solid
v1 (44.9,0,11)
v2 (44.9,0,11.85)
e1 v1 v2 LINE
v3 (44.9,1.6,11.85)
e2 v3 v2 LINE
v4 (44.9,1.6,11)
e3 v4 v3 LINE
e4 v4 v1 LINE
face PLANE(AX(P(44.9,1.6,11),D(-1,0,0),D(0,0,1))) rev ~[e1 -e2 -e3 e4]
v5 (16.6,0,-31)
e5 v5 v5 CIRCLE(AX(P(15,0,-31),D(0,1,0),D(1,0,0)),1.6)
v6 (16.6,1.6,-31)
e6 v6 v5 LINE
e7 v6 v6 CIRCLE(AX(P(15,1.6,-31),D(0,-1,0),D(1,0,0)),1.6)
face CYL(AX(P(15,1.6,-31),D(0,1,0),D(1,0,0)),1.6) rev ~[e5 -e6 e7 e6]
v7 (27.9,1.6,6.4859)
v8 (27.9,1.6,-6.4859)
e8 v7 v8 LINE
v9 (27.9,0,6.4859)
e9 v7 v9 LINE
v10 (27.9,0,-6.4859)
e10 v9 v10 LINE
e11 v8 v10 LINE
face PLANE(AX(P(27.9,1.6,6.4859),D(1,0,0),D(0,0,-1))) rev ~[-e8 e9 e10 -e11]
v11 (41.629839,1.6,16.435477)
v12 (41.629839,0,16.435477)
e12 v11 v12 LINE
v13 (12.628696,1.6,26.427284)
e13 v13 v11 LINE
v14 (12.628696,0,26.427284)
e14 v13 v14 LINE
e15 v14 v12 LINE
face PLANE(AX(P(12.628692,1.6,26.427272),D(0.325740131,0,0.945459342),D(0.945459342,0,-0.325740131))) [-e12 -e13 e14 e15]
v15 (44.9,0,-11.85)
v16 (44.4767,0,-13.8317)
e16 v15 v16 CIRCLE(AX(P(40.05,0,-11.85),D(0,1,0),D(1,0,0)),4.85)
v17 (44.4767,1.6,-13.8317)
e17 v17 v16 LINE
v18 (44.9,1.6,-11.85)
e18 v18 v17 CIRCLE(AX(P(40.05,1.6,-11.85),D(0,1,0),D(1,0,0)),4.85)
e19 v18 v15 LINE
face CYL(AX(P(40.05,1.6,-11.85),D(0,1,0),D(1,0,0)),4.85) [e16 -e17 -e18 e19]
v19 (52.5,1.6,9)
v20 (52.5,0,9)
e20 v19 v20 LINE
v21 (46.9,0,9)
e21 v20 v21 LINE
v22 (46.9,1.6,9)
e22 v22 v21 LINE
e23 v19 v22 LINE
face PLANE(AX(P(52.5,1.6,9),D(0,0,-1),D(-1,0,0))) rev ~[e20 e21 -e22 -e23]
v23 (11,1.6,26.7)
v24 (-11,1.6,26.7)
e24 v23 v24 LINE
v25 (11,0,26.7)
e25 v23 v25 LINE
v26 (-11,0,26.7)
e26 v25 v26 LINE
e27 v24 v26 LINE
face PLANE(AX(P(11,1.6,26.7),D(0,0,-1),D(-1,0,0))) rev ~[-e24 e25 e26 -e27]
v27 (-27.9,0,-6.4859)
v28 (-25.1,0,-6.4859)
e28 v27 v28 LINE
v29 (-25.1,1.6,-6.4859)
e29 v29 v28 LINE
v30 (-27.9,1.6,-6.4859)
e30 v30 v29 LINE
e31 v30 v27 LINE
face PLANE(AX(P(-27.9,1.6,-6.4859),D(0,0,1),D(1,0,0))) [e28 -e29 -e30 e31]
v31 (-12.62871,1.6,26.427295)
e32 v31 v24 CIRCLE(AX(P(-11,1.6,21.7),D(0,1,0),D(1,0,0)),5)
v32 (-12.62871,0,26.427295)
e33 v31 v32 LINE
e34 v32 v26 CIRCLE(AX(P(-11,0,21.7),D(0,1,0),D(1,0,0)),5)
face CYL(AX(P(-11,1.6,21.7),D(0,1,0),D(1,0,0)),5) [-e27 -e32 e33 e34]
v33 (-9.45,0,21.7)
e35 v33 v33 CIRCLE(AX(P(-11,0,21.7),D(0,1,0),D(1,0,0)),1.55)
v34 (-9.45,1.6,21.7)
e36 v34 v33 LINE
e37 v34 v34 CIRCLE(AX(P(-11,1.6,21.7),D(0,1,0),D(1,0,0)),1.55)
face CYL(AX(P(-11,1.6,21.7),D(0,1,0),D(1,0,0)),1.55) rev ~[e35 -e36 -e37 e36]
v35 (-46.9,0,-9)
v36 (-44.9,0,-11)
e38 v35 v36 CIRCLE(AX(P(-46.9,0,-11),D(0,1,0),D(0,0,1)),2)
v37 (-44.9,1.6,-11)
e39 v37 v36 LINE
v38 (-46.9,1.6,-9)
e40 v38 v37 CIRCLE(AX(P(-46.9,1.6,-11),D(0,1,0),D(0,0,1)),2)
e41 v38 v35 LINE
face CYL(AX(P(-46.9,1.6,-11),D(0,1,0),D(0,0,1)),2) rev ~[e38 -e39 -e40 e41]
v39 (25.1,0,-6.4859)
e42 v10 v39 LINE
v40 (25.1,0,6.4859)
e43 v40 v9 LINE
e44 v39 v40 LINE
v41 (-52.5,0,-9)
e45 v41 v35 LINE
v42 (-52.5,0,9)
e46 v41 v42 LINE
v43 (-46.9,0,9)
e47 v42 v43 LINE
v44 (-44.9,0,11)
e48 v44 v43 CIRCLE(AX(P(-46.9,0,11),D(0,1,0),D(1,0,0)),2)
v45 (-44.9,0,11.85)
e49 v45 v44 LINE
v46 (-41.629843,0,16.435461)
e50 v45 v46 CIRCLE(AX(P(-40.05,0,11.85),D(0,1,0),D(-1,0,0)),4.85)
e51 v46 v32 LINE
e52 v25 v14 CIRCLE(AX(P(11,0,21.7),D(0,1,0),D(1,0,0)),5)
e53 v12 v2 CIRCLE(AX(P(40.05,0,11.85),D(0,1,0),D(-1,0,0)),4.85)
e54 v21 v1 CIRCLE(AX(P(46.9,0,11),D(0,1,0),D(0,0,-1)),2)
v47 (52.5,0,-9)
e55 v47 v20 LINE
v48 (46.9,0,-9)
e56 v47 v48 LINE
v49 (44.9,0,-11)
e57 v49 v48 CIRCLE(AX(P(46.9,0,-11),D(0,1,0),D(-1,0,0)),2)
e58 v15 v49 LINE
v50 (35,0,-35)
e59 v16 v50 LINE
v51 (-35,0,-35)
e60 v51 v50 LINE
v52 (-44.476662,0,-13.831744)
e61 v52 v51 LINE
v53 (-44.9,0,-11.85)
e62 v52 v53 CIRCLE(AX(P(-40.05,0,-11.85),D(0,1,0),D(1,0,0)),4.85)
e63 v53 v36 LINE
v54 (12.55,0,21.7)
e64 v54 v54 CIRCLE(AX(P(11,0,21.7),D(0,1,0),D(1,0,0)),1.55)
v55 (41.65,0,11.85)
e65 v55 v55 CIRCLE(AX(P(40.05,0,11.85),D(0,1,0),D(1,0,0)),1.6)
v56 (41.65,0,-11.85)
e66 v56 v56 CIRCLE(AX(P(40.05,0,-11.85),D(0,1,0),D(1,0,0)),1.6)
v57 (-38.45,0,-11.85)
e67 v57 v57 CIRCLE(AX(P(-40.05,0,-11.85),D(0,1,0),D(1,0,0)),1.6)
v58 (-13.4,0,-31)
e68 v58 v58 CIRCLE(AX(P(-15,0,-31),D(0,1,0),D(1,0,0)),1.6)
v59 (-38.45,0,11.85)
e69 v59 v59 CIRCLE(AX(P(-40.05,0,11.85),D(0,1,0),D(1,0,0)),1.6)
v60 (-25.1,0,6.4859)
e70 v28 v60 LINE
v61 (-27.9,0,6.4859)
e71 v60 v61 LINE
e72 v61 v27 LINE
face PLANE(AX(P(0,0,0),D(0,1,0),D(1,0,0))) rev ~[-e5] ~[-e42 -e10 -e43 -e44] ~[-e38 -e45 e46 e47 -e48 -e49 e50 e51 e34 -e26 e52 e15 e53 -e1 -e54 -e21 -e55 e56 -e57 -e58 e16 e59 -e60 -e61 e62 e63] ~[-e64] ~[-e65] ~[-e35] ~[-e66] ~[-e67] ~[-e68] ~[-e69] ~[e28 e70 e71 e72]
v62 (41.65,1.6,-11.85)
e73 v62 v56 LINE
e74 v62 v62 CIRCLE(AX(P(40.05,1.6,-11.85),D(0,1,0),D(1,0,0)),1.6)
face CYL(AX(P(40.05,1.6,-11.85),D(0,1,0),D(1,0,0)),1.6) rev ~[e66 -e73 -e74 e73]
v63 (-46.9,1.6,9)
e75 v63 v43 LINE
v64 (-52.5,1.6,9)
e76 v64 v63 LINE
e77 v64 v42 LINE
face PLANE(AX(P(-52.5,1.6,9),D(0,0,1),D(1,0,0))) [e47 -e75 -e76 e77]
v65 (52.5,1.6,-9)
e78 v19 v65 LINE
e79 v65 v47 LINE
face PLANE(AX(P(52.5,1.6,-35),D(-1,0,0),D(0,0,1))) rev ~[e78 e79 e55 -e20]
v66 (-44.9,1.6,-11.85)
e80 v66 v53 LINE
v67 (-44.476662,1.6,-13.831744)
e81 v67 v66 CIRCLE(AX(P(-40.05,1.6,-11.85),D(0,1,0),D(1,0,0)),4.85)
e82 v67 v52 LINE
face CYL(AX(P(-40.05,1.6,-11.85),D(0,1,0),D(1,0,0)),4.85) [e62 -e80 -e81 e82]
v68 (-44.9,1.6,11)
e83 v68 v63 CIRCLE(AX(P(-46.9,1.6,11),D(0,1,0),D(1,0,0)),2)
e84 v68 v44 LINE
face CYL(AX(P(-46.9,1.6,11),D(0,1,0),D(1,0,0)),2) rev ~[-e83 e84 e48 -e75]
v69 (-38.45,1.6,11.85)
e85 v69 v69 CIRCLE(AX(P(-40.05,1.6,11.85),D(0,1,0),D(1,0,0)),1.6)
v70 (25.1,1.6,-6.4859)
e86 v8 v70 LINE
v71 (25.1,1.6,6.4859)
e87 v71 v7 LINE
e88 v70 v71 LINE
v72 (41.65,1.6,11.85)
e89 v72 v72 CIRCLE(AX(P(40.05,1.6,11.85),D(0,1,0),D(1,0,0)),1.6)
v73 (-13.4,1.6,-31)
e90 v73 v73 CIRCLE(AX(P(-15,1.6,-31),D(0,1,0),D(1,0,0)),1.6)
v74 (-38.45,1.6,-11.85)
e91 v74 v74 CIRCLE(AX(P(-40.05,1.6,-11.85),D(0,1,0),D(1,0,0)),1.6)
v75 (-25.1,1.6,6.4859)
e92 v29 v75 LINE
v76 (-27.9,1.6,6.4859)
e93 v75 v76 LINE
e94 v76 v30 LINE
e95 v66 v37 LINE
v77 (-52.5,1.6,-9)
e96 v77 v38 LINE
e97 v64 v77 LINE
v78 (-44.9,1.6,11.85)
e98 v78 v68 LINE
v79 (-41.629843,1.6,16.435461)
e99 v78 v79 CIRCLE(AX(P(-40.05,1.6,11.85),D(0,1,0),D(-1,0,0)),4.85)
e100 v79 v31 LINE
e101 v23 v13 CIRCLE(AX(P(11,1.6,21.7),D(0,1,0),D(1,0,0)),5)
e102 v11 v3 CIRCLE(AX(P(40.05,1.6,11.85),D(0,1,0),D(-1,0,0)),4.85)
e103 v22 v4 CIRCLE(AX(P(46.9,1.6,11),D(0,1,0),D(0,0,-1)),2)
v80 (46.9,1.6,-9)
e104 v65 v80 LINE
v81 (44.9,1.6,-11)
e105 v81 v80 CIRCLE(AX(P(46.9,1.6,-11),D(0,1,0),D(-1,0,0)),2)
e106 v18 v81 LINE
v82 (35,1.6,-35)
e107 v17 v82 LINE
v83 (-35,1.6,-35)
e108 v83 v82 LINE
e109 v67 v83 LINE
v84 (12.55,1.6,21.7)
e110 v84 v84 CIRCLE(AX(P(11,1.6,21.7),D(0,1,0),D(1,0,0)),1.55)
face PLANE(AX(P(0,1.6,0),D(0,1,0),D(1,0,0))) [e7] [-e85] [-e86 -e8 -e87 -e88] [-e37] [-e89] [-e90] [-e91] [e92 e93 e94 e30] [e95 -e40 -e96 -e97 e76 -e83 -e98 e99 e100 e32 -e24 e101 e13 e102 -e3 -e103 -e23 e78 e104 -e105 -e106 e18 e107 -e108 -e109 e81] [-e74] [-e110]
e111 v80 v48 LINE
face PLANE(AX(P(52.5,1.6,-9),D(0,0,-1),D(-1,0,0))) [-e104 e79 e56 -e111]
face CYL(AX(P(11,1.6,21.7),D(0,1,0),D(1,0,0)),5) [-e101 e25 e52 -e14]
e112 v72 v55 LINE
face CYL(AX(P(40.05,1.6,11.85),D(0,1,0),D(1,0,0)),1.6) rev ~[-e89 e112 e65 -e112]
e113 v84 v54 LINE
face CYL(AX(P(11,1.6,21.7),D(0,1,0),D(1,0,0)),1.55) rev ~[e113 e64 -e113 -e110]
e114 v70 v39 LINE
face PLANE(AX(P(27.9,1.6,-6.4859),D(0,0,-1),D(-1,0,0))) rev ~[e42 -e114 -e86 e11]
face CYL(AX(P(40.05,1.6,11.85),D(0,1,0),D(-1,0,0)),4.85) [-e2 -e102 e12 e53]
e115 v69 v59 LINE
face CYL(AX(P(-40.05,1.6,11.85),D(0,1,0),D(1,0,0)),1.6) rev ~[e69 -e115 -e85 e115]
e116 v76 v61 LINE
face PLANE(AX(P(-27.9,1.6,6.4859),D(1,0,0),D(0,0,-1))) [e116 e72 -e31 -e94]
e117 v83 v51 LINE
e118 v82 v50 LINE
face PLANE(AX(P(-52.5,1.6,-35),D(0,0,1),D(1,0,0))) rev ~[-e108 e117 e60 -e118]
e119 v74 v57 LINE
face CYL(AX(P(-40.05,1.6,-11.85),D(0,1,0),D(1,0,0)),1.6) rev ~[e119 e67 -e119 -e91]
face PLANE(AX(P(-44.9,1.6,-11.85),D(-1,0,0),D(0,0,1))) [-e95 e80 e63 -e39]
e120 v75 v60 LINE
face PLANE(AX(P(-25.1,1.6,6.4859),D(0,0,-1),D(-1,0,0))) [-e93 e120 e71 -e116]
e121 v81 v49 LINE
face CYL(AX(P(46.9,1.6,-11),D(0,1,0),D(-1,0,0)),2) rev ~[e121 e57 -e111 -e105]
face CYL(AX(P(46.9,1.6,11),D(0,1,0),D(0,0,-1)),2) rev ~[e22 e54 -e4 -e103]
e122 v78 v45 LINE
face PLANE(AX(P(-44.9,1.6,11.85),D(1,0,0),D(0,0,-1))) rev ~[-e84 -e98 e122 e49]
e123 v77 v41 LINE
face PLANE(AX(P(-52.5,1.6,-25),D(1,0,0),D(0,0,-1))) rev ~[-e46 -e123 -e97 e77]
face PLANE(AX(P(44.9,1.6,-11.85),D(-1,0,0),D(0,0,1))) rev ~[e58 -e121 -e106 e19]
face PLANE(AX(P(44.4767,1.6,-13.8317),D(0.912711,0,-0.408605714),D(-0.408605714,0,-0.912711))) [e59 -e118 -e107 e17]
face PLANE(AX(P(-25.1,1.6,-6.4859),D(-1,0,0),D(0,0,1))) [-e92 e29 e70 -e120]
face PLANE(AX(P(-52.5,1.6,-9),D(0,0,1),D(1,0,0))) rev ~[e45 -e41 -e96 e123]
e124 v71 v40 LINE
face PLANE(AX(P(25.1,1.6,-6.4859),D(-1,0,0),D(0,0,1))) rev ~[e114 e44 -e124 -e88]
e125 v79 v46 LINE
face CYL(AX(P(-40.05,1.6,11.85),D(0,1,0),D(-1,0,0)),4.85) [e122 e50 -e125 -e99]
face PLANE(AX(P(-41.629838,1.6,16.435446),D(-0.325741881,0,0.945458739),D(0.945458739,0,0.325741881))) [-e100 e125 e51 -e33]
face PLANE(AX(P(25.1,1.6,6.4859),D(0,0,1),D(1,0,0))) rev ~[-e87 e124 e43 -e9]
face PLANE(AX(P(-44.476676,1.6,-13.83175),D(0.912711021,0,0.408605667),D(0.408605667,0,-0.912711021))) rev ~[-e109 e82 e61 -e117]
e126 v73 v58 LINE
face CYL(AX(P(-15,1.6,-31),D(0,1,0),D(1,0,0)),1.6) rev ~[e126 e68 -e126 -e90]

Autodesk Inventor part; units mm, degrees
ref_plane "YZ Plane" through (0, 0, 0) normal (1, 0, 0) x (0, 1, 0)
ref_plane "XZ Plane" through (0, 0, 0) normal (0, 1, 0) x (-1, 0, 0)
ref_plane "XY Plane" through (0, 0, 0) normal (0, 0, 1) x (1, 0, 0)
sketch "Szkic1" plane through (0, 0, 0) normal (0, 1, 0) x (-1, 0, 0)
  line L0 (52.5, 25) -> (-52.5, 25)
  line L1 (-52.5, 25) -> (-52.5, -25)
  line L2 (-52.5, -25) -> (52.5, -25)
  line L3 (52.5, -25) -> (52.5, 25)
  line L4 (52.5, 25) -> (-52.5, -25) construction
  line L5 (-52.5, 25) -> (52.5, -25) construction
  point P0 (0, 0)
  dimension "d0" = 105
  dimension "d1" = 50
extrude "Wyciągnięcie proste1" add sketch "Szkic1" along normal blind 1.6
sketch "Szkic5" plane through (0, 1.6, 0) normal (0, 1, 0) x (1, 0, 0)
  circle A0 centre (-40.05, 11.85) radius 1.6 projected
  circle A1 centre (-40.05, -11.85) radius 1.6 projected
  circle A2 centre (40.05, 11.85) radius 1.6 projected
  circle A3 centre (40.05, -11.85) radius 1.6 projected
  point P0 (0, 0)
extrude "Wyciągnięcie proste4" cut sketch "Szkic5" against normal blind 10
sketch "Szkic6" plane through (0, 1.6, 0) normal (0, 1, 0) x (1, 0, 0)
  line L0 (52.5, 25) -> (-52.5, 25) projected
  line L1 (52.5, 25) -> (-52.5, 25)
  line L2 (-52.5, 25) -> (-52.5, 35)
  line L3 (-52.5, 35) -> (52.5, 35)
  line L4 (52.5, 35) -> (52.5, 25)
  point P0 (0, 0)
  point P1 (-52.5, 25)
  dimension "d15" = 10
extrude "Wyciągnięcie proste5" add sketch "Szkic6" against normal up to surface (1.6 mm away)
sketch "Szkic7" plane through (0, 1.6, 0) normal (0, 1, 0) x (1, 0, 0)
  arc A0 (35.2, -11.85) -> (44.9, -11.85) centre (40.05, -11.85) ccw projected
  arc A1 (46.9, -9) -> (44.9, -11) centre (46.9, -11) ccw projected
  line L0 (44.9, -11) -> (44.9, -11.85) projected
  line L1 (52.5, -9) -> (35.2, -9) projected
  line L2 (52.5, 9) -> (35.2, 9) projected
  arc A2 (44.9, 11) -> (46.9, 9) centre (46.9, 11) ccw projected
  arc A3 (44.9, 11.85) -> (35.2, 11.85) centre (40.05, 11.85) ccw projected
  line L3 (-52.5, -9) -> (-35.2, -9) projected
  arc A4 (-44.9, -11) -> (-46.9, -9) centre (-46.9, -11) ccw projected
  arc A5 (-44.9, -11.85) -> (-35.2, -11.85) centre (-40.05, -11.85) ccw projected
  line L4 (-52.5, 9) -> (-35.2, 9) projected
  arc A6 (-46.9, 9) -> (-44.9, 11) centre (-46.9, 11) ccw projected
  arc A7 (-35.2, 11.85) -> (-44.9, 11.85) centre (-40.05, 11.85) ccw projected
  line L5 (40.05, -16.7) -> (-40.05, -16.7)
  line L6 (52.5, 35) -> (-52.5, 35) projected
  circle A8 centre (11, -83.1715) radius 1.55 projected
  circle A9 centre (-11, -83.1715) radius 1.55 projected
  circle A10 centre (-11, -21.7) radius 1.55
  circle A11 centre (11, -21.7) radius 1.55
  circle A12 centre (-11, -21.7) radius 5
  circle A13 centre (11, -21.7) radius 5
  line L7 (16, -21.7) -> (16, -16.7)
  line L8 (-16, -21.7) -> (-16, -16.7)
  line L9 (11, -26.7) -> (-11, -26.7)
  circle A14 centre (40.05, 11.85) radius 1.6 projected
  circle A15 centre (-40.05, 11.85) radius 1.6 projected
  circle A16 centre (40.05, -11.85) radius 1.6 projected
  circle A17 centre (-40.05, -11.85) radius 1.6 projected
  line L10 (52.5, -25) -> (52.5, 35) projected
  line L11 (52.5, 35) -> (-52.5, 35) projected
  line L12 (-52.5, 35) -> (-52.5, -25) projected
  line L13 (-52.5, -25) -> (52.5, -25) projected
  arc A18 (-44.9, -11.85) -> (-35.2, -11.85) centre (-40.05, -11.85) ccw projected
  arc A19 (-44.9, -11.85) -> (-35.2, -11.85) centre (-40.05, -11.85) ccw projected
  line L14 (-44.9, -11.85) -> (-44.9, -11) projected
  point P0 (0, 0)
  point P1 (14.7563, -25)
  point P2 (-14.7563, -25)
  dimension "d18" = 3.1
  dimension "d19" = 3.1
  dimension "d20" = 10
  dimension "d21" = 10
extrude "Wyciągnięcie proste6" cut sketch "Szkic7" against normal blind 10 contours A0 L0 A1 L1 L10 L13 A13 L7 L5 | L8 A12 L13 L12 L3 A4 L14 A5 L5 | A10 | A11
sketch "Szkic8" plane through (0, 1.6, 0) normal (0, 1, 0) x (1, 0, 0)
  circle A0 centre (11, -21.7) radius 1.55 projected
  circle A1 centre (-11, -21.7) radius 1.55 projected
  arc A2 (14.7563, -25) -> (16, -21.7) centre (11, -21.7) ccw projected
  circle A3 centre (11, -21.7) radius 5
  line L0 (-14.7563, -25) -> (14.7563, -25) projected
  circle A4 centre (-11, -21.7) radius 5
  line L1 (11, -26.7) -> (-11, -26.7)
  point P0 (0, 0)
extrude "Wyciągnięcie proste7" add sketch "Szkic8" against normal up to surface (1.6 mm away) contours A3 L0 | L1 A4 L0 A3 | A4 L0 picked at (-10.008, -25.2393)
sketch "Szkic9" plane through (0, 1.6, 0) normal (0, 1, 0) x (1, 0, 0)
  circle A0 centre (11, 10.1285) radius 1.5 projected
  circle A1 centre (-11, 10.1285) radius 1.5 projected
  circle A2 centre (-15, 31) radius 1.6
  circle A3 centre (15, 31) radius 1.6
  line L0 (15, 31) -> (-15, 31)
  line L1 (52.5, 35) -> (-52.5, 35) projected
  point P0 (0, 0)
  point P1 (0, 35)
  point P2 (0, 31)
  dimension "d26" = 3.2
  dimension "d27" = 3.2
  dimension "d28" = 30
  dimension "d29" = 4
extrude "Wyciągnięcie proste8" cut sketch "Szkic9" against normal through all contours A2 | A3
sketch "Szkic10" plane through (0, 1.6, 0) normal (0, 1, 0) x (1, 0, 0)
  line L0 (-27.4, 5.9859) -> (-27.4, -5.9859) projected
  line L1 (-25.6, 5.9859) -> (-27.4, 5.9859) projected
  line L2 (-25.6, -5.9859) -> (-25.6, 5.9859) projected
  line L3 (-27.4, -5.9859) -> (-25.6, -5.9859) projected
  line L4 (27.4, -5.9859) -> (27.4, 5.9859) projected
  line L5 (25.6, -5.9859) -> (27.4, -5.9859) projected
  line L6 (25.6, 5.9859) -> (25.6, -5.9859) projected
  line L7 (27.4, 5.9859) -> (25.6, 5.9859) projected
  line L8 (-27.9, -6.4859) -> (-27.9, 6.4859)
  line L9 (-27.9, 6.4859) -> (-25.1, 6.4859)
  line L10 (-25.1, 6.4859) -> (-25.1, -6.4859)
  line L11 (-25.1, -6.4859) -> (-27.9, -6.4859)
  line L12 (25.1, -6.4859) -> (27.9, -6.4859)
  line L13 (27.9, -6.4859) -> (27.9, 6.4859)
  line L14 (27.9, 6.4859) -> (25.1, 6.4859)
  line L15 (25.1, 6.4859) -> (25.1, -6.4859)
  point P0 (0, 0)
  dimension "d32" = 0.5
  dimension "d33" = 0.5
extrude "Wyciągnięcie proste9" cut sketch "Szkic10" against normal blind 10 contours L1 L2 L3 L0 | L5 L6 L7 L4 | L8 L9 L10 L11 | L15 L14 L13 L12
sketch "Szkic11" plane through (0, 1.6, 0) normal (0, 1, 0) x (1, 0, 0)
  circle A0 centre (40.05, 11.85) radius 1.6 projected
  line L0 (52.5, 9) -> (46.9, 9) projected
  line L1 (52.5, 9) -> (52.5, 6) projected
  line L2 (52.5, 6) -> (35.2, 6) projected
  line L3 (35.2, 11.85) -> (35.2, 6) projected
  arc A1 (44.9, 11.85) -> (35.2, 11.85) centre (40.05, 11.85) ccw projected
  line L4 (44.9, 11.85) -> (44.9, 11) projected
  arc A2 (44.9, 11) -> (46.9, 9) centre (46.9, 11) ccw projected
  circle A3 centre (-40.05, 11.85) radius 1.6 projected
  line L5 (-35.2, 6) -> (-35.2, 11.85) projected
  line L6 (-52.5, 6) -> (-35.2, 6) projected
  line L7 (-52.5, 9) -> (-52.5, 6) projected
  line L8 (-52.5, 9) -> (-46.9, 9) projected
  arc A4 (-46.9, 9) -> (-44.9, 11) centre (-46.9, 11) ccw projected
  line L9 (-44.9, 11.85) -> (-44.9, 11) projected
  arc A5 (-35.2, 11.85) -> (-44.9, 11.85) centre (-40.05, 11.85) ccw projected
  line L10 (44.4767, 13.8317) -> (35, 35)
  line L11 (-52.5, 35) -> (52.5, 35) projected
  circle A6 centre (15, 31) radius 1.6 projected
  line L12 (-45.0282, 12.5998) -> (-35, 35)
  circle A7 centre (-15, 31) radius 1.6 projected
  line L13 (-27.9, 6.4859) -> (-25.1, 6.4859) projected
  line L14 (-25.1, 6.4859) -> (-25.1, -6.4859) projected
  line L15 (-25.1, -6.4859) -> (-27.9, -6.4859) projected
  line L16 (-27.9, -6.4859) -> (-27.9, 6.4859) projected
  line L17 (25.1, 6.4859) -> (27.9, 6.4859) projected
  line L18 (27.9, 6.4859) -> (27.9, -6.4859) projected
  line L19 (27.9, -6.4859) -> (25.1, -6.4859) projected
  line L20 (25.1, -6.4859) -> (25.1, 6.4859) projected
  circle A8 centre (15, 31) radius 1.6 projected
  circle A9 centre (-15, 31) radius 1.6 projected
  line L21 (46.9, -9) -> (52.5, -9) projected
  line L22 (52.5, -9) -> (52.5, 35) projected
  line L23 (52.5, 35) -> (-52.5, 35) projected
  line L24 (-52.5, 35) -> (-52.5, -9) projected
  line L25 (-52.5, -9) -> (-46.9, -9) projected
  arc A10 (-44.9, -11) -> (-46.9, -9) centre (-46.9, -11) ccw projected
  line L26 (-44.9, -11) -> (-44.9, -11.85) projected
  arc A11 (-44.9, -11.85) -> (-40.05, -16.7) centre (-40.05, -11.85) ccw projected
  line L27 (-40.05, -16.7) -> (-16, -16.7) projected
  line L28 (-16, -16.7) -> (-16, -21.7) projected
  arc A12 (-16, -21.7) -> (-11, -26.7) centre (-11, -21.7) ccw projected
  line L29 (-11, -26.7) -> (11, -26.7) projected
  arc A13 (11, -26.7) -> (16, -21.7) centre (11, -21.7) ccw projected
  line L30 (16, -21.7) -> (16, -16.7) projected
  line L31 (16, -16.7) -> (40.05, -16.7) projected
  arc A14 (40.05, -16.7) -> (44.9, -11.85) centre (40.05, -11.85) ccw projected
  line L32 (44.9, -11.85) -> (44.9, -11) projected
  arc A15 (46.9, -9) -> (44.9, -11) centre (46.9, -11) ccw projected
  circle A16 centre (11, -21.7) radius 1.55 projected
  circle A17 centre (-11, -21.7) radius 1.55 projected
  circle A18 centre (40.05, 11.85) radius 1.6 projected
  circle A19 centre (-40.05, 11.85) radius 1.6 projected
  circle A20 centre (40.05, -11.85) radius 1.6 projected
  circle A21 centre (-40.05, -11.85) radius 1.6 projected
  point P0 (0, 0)
  point P1 (-44.4767, 13.8317)
  point P2 (52.5, 35)
  dimension "d36" = 20
  dimension "d37" = 20
extrude "Wyciągnięcie proste10" cut sketch "Szkic11" against normal blind 10 contours L0 A2 L4 A1 L10 L11 L22 | L12 A5 L9 A4 L8 L24 L11
sketch "Szkic13" plane through (0, 1.6, 0) normal (0, 1, 0) x (1, 0, 0)
  arc A0 (-44.9, -11.85) -> (-40.05, -16.7) centre (-40.05, -11.85) ccw projected
  arc A1 (-16, -21.7) -> (-11, -26.7) centre (-11, -21.7) ccw projected
  arc A2 (11, -26.7) -> (16, -21.7) centre (11, -21.7) ccw projected
  arc A3 (40.05, -16.7) -> (44.9, -11.85) centre (40.05, -11.85) ccw projected
  line L0 (-50.1769, -13.4907) -> (-7.453, -28.2105)
  line L1 (7.6845, -28.1307) -> (52.6221, -12.6483)
  line L2 (-40.05, -16.7) -> (-16, -16.7) projected
  line L3 (-16, -16.7) -> (-16, -21.7) projected
  line L4 (16, -21.7) -> (16, -16.7) projected
  line L5 (16, -16.7) -> (40.05, -16.7) projected
  point P0 (0, 0)
  point P1 (12.6287, -26.4273)
  point P2 (41.6298, -16.4355)
  point P3 (-41.6298, -16.4355)
  point P4 (-12.6287, -26.4273)
extrude "Wyciągnięcie proste11" add sketch "Szkic13" against normal up to surface (1.6 mm away)
sketch "Szkic14" plane through (0, 1.6, 0) normal (0, 1, 0) x (1, 0, 0)
  circle A0 centre (-40.05, -11.85) radius 1.6 projected
  circle A1 centre (40.05, -11.85) radius 1.6 projected
  circle A2 centre (-40.05, 11.85) radius 1.6 projected
  circle A3 centre (40.05, 11.85) radius 1.6 projected
  circle A4 centre (-11, -21.7) radius 1.55 projected
  circle A5 centre (11, -21.7) radius 1.55 projected
  circle A6 centre (-15, 31) radius 1.6 projected
  circle A7 centre (15, 31) radius 1.6 projected
  line L0 (25.1, 6.4859) -> (27.9, 6.4859) projected
  line L1 (27.9, 6.4859) -> (27.9, -6.4859) projected
  line L2 (27.9, -6.4859) -> (25.1, -6.4859) projected
  line L3 (25.1, -6.4859) -> (25.1, 6.4859) projected
  line L4 (-27.9, 6.4859) -> (-25.1, 6.4859) projected
  line L5 (-25.1, 6.4859) -> (-25.1, -6.4859) projected
  line L6 (-25.1, -6.4859) -> (-27.9, -6.4859) projected
  line L7 (-27.9, -6.4859) -> (-27.9, 6.4859) projected
  line L8 (-35, 35) -> (-44.4767, 13.8317) projected
  arc A8 (-44.4767, 13.8317) -> (-44.9, 11.85) centre (-40.05, 11.85) ccw projected
  line L9 (-44.9, 11.85) -> (-44.9, 11) projected
  arc A9 (-46.9, 9) -> (-44.9, 11) centre (-46.9, 11) ccw projected
  line L10 (-46.9, 9) -> (-52.5, 9) projected
  line L11 (-52.5, 9) -> (-52.5, -9) projected
  line L12 (-52.5, -9) -> (-46.9, -9) projected
  arc A10 (-44.9, -11) -> (-46.9, -9) centre (-46.9, -11) ccw projected
  line L13 (-44.9, -11) -> (-44.9, -11.85) projected
  arc A11 (-44.9, -11.85) -> (-41.6298, -16.4355) centre (-40.05, -11.85) ccw projected
  line L14 (-41.6298, -16.4355) -> (-12.6287, -26.4273) projected
  arc A12 (-12.6287, -26.4273) -> (-11, -26.7) centre (-11, -21.7) ccw projected
  line L15 (-11, -26.7) -> (11, -26.7) projected
  arc A13 (11, -26.7) -> (12.6287, -26.4273) centre (11, -21.7) ccw projected
  line L16 (12.6287, -26.4273) -> (41.6298, -16.4355) projected
  arc A14 (41.6298, -16.4355) -> (44.9, -11.85) centre (40.05, -11.85) ccw projected
  line L17 (44.9, -11.85) -> (44.9, -11) projected
  arc A15 (46.9, -9) -> (44.9, -11) centre (46.9, -11) ccw projected
  line L18 (46.9, -9) -> (52.5, -9) projected
  line L19 (52.5, -9) -> (52.5, 9) projected
  line L20 (52.5, 9) -> (46.9, 9) projected
  arc A16 (44.9, 11) -> (46.9, 9) centre (46.9, 11) ccw projected
  line L21 (44.9, 11) -> (44.9, 11.85) projected
  arc A17 (44.9, 11.85) -> (44.4767, 13.8317) centre (40.05, 11.85) ccw projected
  line L22 (44.4767, 13.8317) -> (35, 35) projected
  line L23 (35, 35) -> (-35, 35) projected
  point P0 (0, 0)
properties part number "ty"
